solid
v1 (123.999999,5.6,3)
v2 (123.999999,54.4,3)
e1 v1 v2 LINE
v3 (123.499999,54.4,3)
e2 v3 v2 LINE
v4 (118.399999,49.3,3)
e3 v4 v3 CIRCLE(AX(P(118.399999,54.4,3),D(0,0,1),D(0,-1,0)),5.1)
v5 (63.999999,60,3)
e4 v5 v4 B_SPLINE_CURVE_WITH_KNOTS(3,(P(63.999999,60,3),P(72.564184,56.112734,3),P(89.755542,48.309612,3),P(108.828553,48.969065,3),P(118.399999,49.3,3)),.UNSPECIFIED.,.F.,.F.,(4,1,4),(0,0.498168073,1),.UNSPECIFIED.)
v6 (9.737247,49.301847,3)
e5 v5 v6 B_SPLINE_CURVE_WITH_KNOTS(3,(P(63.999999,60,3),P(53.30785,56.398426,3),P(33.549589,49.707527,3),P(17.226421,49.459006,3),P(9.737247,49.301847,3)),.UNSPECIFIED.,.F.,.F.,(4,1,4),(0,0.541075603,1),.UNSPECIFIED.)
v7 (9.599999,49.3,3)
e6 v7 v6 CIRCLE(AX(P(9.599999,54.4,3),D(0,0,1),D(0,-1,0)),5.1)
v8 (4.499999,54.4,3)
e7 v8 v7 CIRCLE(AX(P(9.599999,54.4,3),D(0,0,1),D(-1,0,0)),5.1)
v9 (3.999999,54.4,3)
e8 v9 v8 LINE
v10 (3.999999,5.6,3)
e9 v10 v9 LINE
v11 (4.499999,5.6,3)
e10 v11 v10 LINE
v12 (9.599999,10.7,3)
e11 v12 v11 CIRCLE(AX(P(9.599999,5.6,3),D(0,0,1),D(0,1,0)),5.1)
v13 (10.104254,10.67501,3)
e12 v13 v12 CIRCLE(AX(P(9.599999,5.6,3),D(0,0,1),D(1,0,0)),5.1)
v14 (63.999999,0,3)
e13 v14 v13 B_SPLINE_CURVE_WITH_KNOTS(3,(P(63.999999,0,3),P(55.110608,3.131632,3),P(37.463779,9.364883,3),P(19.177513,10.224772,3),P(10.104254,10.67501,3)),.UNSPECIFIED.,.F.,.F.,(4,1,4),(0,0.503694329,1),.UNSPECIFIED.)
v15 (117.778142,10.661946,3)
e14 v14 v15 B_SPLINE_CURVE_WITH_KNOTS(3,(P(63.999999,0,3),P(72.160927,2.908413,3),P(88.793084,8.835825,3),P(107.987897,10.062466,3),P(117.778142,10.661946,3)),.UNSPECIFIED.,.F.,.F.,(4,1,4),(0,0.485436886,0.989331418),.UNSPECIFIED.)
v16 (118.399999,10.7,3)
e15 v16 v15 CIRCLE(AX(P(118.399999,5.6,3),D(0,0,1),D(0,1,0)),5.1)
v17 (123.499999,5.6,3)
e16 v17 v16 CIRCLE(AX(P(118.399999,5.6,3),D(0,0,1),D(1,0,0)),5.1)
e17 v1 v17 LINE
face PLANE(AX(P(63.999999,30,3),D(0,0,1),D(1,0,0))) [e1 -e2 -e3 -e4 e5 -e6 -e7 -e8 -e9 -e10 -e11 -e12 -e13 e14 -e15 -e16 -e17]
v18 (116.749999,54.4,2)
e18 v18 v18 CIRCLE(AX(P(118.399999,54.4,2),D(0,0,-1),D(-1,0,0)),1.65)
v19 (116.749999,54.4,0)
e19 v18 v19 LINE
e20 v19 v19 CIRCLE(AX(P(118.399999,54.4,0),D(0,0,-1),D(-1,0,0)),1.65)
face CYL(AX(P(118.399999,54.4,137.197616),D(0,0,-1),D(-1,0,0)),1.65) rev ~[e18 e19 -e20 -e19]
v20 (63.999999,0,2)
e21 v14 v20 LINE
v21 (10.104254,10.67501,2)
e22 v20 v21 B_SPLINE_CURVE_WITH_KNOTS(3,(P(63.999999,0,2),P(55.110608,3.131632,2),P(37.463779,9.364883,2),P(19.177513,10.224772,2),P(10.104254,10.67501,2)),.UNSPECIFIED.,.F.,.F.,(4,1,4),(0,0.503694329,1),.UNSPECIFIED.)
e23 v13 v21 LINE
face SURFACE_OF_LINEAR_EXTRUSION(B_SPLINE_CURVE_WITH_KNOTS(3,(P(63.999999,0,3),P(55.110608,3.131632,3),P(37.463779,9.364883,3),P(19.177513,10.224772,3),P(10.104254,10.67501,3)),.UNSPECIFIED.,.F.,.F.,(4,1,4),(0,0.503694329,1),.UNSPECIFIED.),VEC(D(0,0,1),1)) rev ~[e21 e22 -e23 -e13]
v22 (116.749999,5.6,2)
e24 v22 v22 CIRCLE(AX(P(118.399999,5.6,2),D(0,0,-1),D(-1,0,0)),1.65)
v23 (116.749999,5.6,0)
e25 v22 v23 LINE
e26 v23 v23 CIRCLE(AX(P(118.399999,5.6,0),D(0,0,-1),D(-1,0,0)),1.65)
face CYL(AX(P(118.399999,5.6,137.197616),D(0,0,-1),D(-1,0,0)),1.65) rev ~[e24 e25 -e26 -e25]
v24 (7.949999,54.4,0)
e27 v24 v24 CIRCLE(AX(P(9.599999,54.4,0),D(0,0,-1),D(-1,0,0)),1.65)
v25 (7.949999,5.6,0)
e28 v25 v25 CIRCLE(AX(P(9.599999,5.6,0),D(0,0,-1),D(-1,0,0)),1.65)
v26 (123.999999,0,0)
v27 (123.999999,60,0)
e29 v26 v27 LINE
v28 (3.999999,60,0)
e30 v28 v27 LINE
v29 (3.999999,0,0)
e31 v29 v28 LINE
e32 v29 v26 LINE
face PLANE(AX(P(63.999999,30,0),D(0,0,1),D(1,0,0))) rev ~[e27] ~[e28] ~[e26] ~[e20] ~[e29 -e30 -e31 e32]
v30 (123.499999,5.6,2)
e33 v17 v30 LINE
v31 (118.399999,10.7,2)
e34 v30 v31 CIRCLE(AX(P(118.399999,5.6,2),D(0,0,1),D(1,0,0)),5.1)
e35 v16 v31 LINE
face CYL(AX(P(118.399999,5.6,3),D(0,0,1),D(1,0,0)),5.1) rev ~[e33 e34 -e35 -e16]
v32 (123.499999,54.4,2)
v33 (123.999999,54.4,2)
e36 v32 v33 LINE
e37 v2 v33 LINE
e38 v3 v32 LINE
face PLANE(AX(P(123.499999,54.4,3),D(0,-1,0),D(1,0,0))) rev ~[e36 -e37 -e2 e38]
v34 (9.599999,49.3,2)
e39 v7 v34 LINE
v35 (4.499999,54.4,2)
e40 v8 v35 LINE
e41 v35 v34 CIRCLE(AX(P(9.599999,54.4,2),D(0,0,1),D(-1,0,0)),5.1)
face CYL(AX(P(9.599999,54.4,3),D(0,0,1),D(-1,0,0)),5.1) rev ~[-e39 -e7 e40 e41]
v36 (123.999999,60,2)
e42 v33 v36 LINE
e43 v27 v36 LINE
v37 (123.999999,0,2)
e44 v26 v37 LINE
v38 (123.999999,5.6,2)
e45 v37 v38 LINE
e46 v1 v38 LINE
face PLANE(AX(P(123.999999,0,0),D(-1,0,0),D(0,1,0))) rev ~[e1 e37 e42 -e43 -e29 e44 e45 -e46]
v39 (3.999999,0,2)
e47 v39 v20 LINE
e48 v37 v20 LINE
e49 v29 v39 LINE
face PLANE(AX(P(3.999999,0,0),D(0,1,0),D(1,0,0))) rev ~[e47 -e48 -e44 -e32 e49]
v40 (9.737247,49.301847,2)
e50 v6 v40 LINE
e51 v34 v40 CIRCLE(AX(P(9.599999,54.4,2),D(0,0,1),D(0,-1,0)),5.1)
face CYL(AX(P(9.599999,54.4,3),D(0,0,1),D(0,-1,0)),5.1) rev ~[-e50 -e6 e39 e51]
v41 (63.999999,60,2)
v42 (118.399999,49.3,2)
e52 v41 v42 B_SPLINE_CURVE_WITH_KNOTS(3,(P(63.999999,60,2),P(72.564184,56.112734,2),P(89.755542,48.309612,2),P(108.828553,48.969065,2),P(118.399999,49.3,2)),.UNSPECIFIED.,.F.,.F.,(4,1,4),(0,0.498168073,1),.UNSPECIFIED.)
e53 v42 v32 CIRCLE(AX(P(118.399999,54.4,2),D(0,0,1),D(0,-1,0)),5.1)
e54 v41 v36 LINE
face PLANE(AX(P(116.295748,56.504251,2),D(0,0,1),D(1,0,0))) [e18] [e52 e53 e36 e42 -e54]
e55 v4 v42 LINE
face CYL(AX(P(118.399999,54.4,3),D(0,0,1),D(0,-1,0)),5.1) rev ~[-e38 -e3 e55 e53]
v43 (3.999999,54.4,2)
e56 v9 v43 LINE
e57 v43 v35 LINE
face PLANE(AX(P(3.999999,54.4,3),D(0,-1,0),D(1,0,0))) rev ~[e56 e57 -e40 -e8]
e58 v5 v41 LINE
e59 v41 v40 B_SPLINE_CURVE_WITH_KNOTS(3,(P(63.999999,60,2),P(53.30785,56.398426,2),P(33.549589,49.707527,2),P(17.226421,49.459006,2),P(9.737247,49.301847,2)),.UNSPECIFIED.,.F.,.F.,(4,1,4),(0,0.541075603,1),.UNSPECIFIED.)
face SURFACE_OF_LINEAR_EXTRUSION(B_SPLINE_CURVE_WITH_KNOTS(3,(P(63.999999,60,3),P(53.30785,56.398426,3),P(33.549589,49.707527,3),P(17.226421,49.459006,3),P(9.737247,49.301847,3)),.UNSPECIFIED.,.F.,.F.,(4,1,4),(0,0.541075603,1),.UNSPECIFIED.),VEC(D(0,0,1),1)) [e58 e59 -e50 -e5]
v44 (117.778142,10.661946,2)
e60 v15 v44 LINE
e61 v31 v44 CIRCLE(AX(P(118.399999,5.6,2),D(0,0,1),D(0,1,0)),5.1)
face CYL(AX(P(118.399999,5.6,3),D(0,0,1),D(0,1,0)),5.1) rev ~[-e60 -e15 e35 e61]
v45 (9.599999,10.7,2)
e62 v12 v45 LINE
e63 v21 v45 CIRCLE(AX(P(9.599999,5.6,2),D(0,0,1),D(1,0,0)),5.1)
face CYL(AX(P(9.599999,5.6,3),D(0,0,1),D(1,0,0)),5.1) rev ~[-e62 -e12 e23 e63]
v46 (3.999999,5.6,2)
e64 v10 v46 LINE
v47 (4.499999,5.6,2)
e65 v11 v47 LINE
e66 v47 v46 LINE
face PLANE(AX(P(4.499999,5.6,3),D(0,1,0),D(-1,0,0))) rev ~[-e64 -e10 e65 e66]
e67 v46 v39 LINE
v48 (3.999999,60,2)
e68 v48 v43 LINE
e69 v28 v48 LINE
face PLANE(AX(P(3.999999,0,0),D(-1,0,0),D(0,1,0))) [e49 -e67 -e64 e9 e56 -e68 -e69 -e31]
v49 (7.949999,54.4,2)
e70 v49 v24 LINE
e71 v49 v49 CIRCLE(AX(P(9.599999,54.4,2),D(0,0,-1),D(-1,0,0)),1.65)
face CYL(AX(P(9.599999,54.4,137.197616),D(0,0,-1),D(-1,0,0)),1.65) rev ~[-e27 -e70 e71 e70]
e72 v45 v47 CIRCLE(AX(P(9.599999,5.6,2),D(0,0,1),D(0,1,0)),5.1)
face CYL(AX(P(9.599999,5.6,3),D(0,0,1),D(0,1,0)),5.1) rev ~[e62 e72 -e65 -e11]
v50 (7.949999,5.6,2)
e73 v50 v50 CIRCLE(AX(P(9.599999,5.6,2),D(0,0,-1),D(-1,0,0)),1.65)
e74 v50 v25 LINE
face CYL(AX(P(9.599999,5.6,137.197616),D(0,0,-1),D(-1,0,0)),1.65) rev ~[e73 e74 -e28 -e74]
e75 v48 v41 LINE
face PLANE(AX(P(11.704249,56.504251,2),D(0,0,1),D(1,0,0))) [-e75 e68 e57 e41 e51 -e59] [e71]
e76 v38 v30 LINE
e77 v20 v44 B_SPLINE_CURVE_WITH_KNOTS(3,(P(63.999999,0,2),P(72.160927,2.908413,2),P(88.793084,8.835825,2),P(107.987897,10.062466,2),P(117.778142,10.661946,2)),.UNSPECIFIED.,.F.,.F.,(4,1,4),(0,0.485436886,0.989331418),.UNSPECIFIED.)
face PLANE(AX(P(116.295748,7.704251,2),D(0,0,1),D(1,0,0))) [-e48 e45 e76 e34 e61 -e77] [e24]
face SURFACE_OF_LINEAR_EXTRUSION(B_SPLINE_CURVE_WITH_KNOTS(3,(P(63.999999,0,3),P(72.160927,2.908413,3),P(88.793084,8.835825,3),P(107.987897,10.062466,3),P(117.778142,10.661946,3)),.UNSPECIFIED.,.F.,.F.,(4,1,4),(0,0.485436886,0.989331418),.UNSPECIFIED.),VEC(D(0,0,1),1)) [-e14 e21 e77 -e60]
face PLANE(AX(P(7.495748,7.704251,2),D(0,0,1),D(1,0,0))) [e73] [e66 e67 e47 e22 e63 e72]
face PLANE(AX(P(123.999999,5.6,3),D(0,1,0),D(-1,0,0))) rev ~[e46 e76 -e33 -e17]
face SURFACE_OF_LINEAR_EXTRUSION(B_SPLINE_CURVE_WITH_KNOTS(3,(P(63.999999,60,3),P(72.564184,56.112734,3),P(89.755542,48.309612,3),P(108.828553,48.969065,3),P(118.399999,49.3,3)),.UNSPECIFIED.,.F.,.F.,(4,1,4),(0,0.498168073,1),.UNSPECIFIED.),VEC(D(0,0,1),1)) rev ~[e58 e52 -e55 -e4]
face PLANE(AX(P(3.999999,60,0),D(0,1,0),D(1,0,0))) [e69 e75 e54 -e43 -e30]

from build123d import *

# Parameters (mm, degrees)
F0_W     = 120
F0_H     = 60
F1_DEPTH = 3
F3_DEPTH = 1
F5_DEPTH = 1
F6_D     = 3.3
F7_D     = 3.3


with BuildPart() as f1:
    # F0 (on Top) → F1 (new body)
    with BuildSketch(Plane.XY):
        with Locations((63.9999989198, 30)):
            Rectangle(F0_W, F0_H)
    extrude(amount=F1_DEPTH)

    # F2 (on face) → F3 (cut)
    with BuildSketch(Plane.XY.offset(3)):
        with BuildLine():
            ThreePointArc((14.6999989198, 54.4), (13.2062435039, 58.0062445841), (9.5999989198, 59.5))
            Line((9.5999989198, 59.5), (9.5999989198, 54.4))
            Line((9.5999989198, 54.4), (14.6999989198, 54.4))
        make_face()
        with BuildLine():
            Line((9.5999989198, 49.3), (9.5999989198, 54.4))
            Line((9.5999989198, 54.4), (4.4999989198, 54.4))
            ThreePointArc((4.4999989198, 54.4), (5.9937543357, 50.7937554159), (9.5999989198, 49.3))
        make_face()
        with BuildLine():
            Line((14.6999989198, 54.4), (9.5999989198, 54.4))
            Line((9.5999989198, 54.4), (9.5999989198, 49.3))
            ThreePointArc((9.5999989198, 49.3), (13.2062435039, 50.7937554159), (14.6999989198, 54.4))
        make_face()
        with BuildLine():
            Line((9.5999989198, 5.6), (9.5999989198, 10.7))
            ThreePointArc((9.5999989198, 10.7), (5.9937543357, 9.2062445841), (4.4999989198, 5.6))
            Line((4.4999989198, 5.6), (9.5999989198, 5.6))
        make_face()
        with BuildLine():
            ThreePointArc((14.6999989198, 5.6), (13.2062435039, 9.2062445841), (9.5999989198, 10.7))
            Line((9.5999989198, 10.7), (9.5999989198, 5.6))
            Line((9.5999989198, 5.6), (14.6999989198, 5.6))
        make_face()
        with BuildLine():
            Line((9.5999989198, 5.6), (4.4999989198, 5.6))
            ThreePointArc((4.4999989198, 5.6), (5.9937543357, 1.9937554159), (9.5999989198, 0.5))
            Line((9.5999989198, 0.5), (9.5999989198, 5.6))
        make_face()
        with BuildLine():
            Line((14.6999989198, 5.6), (9.5999989198, 5.6))
            Line((9.5999989198, 5.6), (9.5999989198, 0.5))
            ThreePointArc((9.5999989198, 0.5), (13.2062435039, 1.9937554159), (14.6999989198, 5.6))
        make_face()
        with BuildLine():
            Line((118.3999989198, 5.6), (118.3999989198, 10.7))
            ThreePointArc((118.3999989198, 10.7), (114.7937543357, 9.2062445841), (113.2999989198, 5.6))
            Line((113.2999989198, 5.6), (118.3999989198, 5.6))
        make_face()
        with BuildLine():
            Line((118.3999989198, 5.6), (113.2999989198, 5.6))
            ThreePointArc((113.2999989198, 5.6), (114.7937543357, 1.9937554159), (118.3999989198, 0.5))
            Line((118.3999989198, 0.5), (118.3999989198, 5.6))
        make_face()
        with BuildLine():
            ThreePointArc((123.4999989198, 5.6), (122.0062435039, 9.2062445841), (118.3999989198, 10.7))
            Line((118.3999989198, 10.7), (118.3999989198, 5.6))
            Line((118.3999989198, 5.6), (123.4999989198, 5.6))
        make_face()
        with BuildLine():
            ThreePointArc((118.3999989198, 0.5), (122.0062435039, 1.9937554159), (123.4999989198, 5.6))
            Line((123.4999989198, 5.6), (118.3999989198, 5.6))
            Line((118.3999989198, 5.6), (118.3999989198, 0.5))
        make_face()
        with BuildLine():
            Line((118.3999989198, 54.4), (118.3999989198, 59.5))
            ThreePointArc((118.3999989198, 59.5), (114.7937543357, 58.0062445841), (113.2999989198, 54.4))
            Line((113.2999989198, 54.4), (118.3999989198, 54.4))
        make_face()
        with BuildLine():
            Line((118.3999989198, 54.4), (113.2999989198, 54.4))
            ThreePointArc((113.2999989198, 54.4), (114.7937543357, 50.7937554159), (118.3999989198, 49.3))
            Line((118.3999989198, 49.3), (118.3999989198, 54.4))
        make_face()
        with BuildLine():
            ThreePointArc((123.4999989198, 54.4), (122.0062435039, 58.0062445841), (118.3999989198, 59.5))
            Line((118.3999989198, 59.5), (118.3999989198, 54.4))
            Line((118.3999989198, 54.4), (123.4999989198, 54.4))
        make_face()
        with BuildLine():
            Line((123.4999989198, 54.4), (118.3999989198, 54.4))
            Line((118.3999989198, 54.4), (118.3999989198, 49.3))
            ThreePointArc((118.3999989198, 49.3), (122.0062435039, 50.7937554159), (123.4999989198, 54.4))
        make_face()
        with BuildLine():
            Line((9.5999989198, 54.4), (9.5999989198, 59.5))
            ThreePointArc((9.5999989198, 59.5), (5.9937543357, 58.0062445841), (4.4999989198, 54.4))
            Line((4.4999989198, 54.4), (9.5999989198, 54.4))
        make_face()
        with BuildLine():
            Line((9.5999989198, 59.5), (9.5999989198, 60))
            Line((9.5999989198, 60), (3.9999989198, 60))
            Line((3.9999989198, 60), (3.9999989198, 54.4))
            Line((3.9999989198, 54.4), (4.4999989198, 54.4))
            ThreePointArc((4.4999989198, 54.4), (5.9937543357, 58.0062445841), (9.5999989198, 59.5))
        make_face()
        with BuildLine():
            Line((123.9999989198, 60), (118.3999989198, 60))
            Line((118.3999989198, 60), (118.3999989198, 59.5))
            ThreePointArc((118.3999989198, 59.5), (122.0062435039, 58.0062445841), (123.4999989198, 54.4))
            Line((123.4999989198, 54.4), (123.9999989198, 54.4))
            Line((123.9999989198, 54.4), (123.9999989198, 60))
        make_face()
        with BuildLine():
            Line((123.9999989198, 0), (123.9999989198, 5.6))
            Line((123.9999989198, 5.6), (123.4999989198, 5.6))
            ThreePointArc((123.4999989198, 5.6), (122.0062435039, 1.9937554159), (118.3999989198, 0.5))
            Line((118.3999989198, 0.5), (118.3999989198, 0))
            Line((118.3999989198, 0), (123.9999989198, 0))
        make_face()
        with BuildLine():
            Line((4.4999989198, 5.6), (3.9999989198, 5.6))
            Line((3.9999989198, 5.6), (3.9999989198, 0))
            Line((3.9999989198, 0), (9.5999989198, 0))
            Line((9.5999989198, 0), (9.5999989198, 0.5))
            ThreePointArc((9.5999989198, 0.5), (5.9937543357, 1.9937554159), (4.4999989198, 5.6))
        make_face()
    extrude(amount=-F3_DEPTH, mode=Mode.SUBTRACT)

    # F4 (on face) → F5 (cut)
    with BuildSketch(Plane.XY.offset(3)):
        with BuildLine():
            add(Edge.make_bspline(
                [(63.9999989198, 60), (53.3078499409, 56.3984259531), (33.5495887668, 49.7075267127), (17.2264214287, 49.4590057291), (9.7372470228, 49.3018471033)],
                knots=[0, 0, 0, 0, 0.5410756029, 1, 1, 1, 1], degree=3))
            Line((63.9999989198, 60), (9.5999989198, 60))
            Line((9.5999989198, 60), (9.5999989198, 59.5))
            ThreePointArc((9.5999989198, 59.5), (14.6995371231, 54.4686302658), (9.7372470228, 49.3018471033))
        make_face()
        with BuildLine():
            Line((118.3999989198, 60), (63.9999989198, 60))
            add(Edge.make_bspline(
                [(63.9999989198, 60), (72.5641843861, 56.1127336818), (89.7555419494, 48.3096115422), (108.8285530179, 48.9690651334), (118.3999989198, 49.3)],
                knots=[0, 0, 0, 0, 0.4981680728, 1, 1, 1, 1], degree=3))
            ThreePointArc((118.3999989198, 49.3), (113.2999989198, 54.4), (118.3999989198, 59.5))
            Line((118.3999989198, 59.5), (118.3999989198, 60))
        make_face()
        with BuildLine():
            add(Edge.make_bspline(
                [(63.9999989198, 0), (72.1609270774, 2.9084131067), (88.7930843444, 8.835825192), (107.9878966542, 10.0624659865), (117.7781419332, 10.6619456623)],
                knots=[0, 0, 0, 0, 0.4854368856, 0.9893314178, 0.9893314178, 0.9893314178, 0.9893314178], degree=3))
            Line((63.9999989198, 0), (118.3999989198, 0))
            Line((118.3999989198, 0), (118.3999989198, 0.5))
            ThreePointArc((118.3999989198, 0.5), (113.3095213942, 5.28848987), (117.7781419332, 10.6619456623))
        make_face()
        with BuildLine():
            add(Edge.make_bspline(
                [(63.9999989198, 0), (55.110608048, 3.1316324942), (37.4637794456, 9.3648834823), (19.1775133134, 10.2247717324), (10.1042544322, 10.675009988)],
                knots=[0, 0, 0, 0, 0.5036943289, 1, 1, 1, 1], degree=3))
            ThreePointArc((10.1042544322, 10.675009988), (14.6937475855, 5.3475628185), (9.5999989198, 0.5))
            Line((9.5999989198, 0.5), (9.5999989198, 0))
            Line((9.5999989198, 0), (63.9999989198, 0))
        make_face()
    extrude(amount=-F5_DEPTH, mode=Mode.SUBTRACT)

    # F6 (through all)
    with Locations(Plane.XY.offset(3)):
        with Locations((9.5999989198, 54.4)):
            Hole(F6_D / 2)

    # F7 (through all)
    with Locations(Plane.XY.offset(3)):
        with Locations((118.3999989198, 54.4), (118.3999989198, 5.6), (9.5999989198, 5.6)):
            Hole(F7_D / 2)


solid = f1.part
